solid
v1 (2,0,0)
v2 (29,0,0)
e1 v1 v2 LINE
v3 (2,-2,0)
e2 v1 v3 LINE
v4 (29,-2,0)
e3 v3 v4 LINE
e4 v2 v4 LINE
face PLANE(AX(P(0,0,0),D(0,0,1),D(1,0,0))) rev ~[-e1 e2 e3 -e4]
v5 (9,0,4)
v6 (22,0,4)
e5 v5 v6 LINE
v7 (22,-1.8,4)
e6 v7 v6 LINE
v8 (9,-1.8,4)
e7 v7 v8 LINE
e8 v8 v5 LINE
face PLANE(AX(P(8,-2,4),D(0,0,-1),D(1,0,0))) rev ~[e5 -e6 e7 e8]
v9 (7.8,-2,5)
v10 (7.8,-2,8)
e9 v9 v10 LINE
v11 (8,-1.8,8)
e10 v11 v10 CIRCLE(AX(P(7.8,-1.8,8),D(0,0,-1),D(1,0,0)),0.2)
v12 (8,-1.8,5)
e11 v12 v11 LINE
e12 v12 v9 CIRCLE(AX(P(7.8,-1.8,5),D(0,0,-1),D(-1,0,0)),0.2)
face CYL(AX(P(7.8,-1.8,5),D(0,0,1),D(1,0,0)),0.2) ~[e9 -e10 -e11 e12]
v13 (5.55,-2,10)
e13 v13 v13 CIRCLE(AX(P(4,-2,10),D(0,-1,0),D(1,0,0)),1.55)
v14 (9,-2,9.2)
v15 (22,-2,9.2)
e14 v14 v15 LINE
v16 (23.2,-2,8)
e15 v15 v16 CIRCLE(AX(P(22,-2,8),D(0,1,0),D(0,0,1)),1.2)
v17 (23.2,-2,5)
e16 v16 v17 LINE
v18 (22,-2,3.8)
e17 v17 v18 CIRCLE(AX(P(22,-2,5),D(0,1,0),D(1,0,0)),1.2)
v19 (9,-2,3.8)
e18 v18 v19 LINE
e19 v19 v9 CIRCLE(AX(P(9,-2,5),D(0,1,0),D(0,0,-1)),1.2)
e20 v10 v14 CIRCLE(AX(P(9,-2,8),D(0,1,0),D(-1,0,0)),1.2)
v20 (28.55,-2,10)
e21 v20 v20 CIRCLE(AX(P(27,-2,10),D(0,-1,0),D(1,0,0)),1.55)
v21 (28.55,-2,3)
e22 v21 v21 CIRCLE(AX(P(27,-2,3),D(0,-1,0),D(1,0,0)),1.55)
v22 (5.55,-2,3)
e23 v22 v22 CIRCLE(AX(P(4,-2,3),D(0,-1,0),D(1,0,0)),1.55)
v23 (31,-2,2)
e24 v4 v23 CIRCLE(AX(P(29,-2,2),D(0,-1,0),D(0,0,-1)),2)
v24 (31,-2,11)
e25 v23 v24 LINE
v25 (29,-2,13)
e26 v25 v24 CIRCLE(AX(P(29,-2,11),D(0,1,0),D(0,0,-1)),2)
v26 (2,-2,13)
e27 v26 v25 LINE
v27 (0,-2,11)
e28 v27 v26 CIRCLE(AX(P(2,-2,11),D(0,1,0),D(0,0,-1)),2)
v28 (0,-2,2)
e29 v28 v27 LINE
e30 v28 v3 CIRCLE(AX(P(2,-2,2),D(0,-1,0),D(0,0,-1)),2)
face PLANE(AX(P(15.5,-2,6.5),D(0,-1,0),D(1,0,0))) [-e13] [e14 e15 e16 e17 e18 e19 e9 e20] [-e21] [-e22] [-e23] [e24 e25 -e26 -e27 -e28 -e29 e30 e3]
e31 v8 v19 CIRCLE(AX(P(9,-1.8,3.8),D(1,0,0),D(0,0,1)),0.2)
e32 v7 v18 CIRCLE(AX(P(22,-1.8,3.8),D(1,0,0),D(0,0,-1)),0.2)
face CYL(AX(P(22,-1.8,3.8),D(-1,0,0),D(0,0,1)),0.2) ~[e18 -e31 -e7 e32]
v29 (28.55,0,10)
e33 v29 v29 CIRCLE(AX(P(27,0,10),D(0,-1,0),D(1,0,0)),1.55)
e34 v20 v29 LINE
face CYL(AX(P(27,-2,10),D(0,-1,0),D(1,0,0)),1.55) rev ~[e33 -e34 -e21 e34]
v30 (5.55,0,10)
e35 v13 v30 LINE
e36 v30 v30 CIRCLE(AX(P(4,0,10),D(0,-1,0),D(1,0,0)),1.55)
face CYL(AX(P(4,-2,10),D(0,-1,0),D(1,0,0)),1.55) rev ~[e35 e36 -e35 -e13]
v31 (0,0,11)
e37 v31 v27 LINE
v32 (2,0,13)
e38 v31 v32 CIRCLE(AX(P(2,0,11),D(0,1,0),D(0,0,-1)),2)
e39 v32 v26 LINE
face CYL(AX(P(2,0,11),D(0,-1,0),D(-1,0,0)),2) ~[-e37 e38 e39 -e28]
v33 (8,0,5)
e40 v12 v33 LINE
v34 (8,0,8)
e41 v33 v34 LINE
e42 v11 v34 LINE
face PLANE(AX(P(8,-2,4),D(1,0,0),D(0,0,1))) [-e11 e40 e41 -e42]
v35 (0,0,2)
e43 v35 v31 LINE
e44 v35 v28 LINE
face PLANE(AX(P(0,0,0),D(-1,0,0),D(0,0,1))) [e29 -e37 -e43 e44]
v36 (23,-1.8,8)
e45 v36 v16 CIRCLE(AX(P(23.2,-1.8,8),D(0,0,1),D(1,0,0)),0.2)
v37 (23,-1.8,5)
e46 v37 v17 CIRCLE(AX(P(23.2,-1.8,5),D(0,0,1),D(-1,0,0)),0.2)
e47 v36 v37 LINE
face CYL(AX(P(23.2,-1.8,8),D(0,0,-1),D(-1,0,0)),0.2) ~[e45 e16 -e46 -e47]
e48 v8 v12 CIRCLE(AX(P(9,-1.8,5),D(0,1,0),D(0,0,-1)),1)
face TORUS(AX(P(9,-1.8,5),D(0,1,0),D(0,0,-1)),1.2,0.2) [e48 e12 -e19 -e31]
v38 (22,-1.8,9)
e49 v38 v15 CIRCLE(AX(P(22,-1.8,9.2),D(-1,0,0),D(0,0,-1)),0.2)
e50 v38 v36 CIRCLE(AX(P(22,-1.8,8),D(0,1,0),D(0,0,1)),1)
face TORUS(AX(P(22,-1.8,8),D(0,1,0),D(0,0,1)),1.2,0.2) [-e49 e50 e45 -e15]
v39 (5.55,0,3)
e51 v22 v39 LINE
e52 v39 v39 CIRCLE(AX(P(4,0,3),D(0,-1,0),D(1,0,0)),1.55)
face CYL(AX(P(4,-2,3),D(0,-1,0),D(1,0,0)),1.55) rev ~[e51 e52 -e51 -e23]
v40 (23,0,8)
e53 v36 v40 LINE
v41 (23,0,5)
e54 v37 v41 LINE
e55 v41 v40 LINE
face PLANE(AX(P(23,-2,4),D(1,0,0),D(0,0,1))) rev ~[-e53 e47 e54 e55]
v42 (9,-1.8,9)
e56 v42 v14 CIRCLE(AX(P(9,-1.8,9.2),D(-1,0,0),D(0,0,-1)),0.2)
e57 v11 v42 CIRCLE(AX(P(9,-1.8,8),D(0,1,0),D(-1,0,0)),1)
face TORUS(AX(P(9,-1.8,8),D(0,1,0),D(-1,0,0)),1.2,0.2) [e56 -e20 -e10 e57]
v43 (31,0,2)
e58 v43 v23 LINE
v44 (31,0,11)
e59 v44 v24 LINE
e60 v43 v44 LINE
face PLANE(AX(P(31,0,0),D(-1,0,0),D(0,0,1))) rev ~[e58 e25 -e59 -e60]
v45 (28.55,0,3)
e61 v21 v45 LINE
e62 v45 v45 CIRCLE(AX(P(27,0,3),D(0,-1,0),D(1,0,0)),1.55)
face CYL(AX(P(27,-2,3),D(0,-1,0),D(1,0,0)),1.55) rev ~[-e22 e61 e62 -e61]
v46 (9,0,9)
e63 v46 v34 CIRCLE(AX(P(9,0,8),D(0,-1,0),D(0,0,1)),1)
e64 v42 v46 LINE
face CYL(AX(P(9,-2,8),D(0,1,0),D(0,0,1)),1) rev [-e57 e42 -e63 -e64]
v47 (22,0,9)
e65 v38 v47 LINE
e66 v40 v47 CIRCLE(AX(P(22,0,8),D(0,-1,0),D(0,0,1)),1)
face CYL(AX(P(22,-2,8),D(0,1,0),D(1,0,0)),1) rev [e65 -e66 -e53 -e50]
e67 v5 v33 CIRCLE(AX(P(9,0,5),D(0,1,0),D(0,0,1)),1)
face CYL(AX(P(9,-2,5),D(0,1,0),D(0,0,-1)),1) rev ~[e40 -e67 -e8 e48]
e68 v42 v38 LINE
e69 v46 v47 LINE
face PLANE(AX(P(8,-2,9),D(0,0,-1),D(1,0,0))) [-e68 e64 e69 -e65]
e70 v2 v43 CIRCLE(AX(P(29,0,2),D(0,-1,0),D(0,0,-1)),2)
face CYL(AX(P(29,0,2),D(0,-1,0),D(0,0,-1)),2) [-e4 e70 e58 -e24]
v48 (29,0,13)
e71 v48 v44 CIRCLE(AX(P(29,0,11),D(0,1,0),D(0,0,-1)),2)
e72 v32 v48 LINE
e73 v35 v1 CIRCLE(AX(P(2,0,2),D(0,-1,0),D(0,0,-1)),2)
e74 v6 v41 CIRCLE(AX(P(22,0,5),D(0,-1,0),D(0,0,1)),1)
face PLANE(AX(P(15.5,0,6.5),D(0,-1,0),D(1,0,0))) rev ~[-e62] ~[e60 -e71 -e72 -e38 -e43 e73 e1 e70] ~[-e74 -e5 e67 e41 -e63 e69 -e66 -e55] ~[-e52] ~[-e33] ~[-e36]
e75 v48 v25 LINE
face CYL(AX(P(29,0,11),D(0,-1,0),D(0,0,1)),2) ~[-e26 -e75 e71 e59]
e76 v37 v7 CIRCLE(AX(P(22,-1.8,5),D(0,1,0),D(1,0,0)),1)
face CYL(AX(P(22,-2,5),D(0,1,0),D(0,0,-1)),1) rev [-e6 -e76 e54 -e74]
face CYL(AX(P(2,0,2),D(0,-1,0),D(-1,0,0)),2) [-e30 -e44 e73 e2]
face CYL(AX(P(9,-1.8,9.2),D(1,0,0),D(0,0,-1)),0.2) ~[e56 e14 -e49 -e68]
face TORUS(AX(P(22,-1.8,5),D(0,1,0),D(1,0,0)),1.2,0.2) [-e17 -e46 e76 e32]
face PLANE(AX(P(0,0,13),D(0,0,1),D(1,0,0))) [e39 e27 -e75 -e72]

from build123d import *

# Parameters (mm, degrees)
F0_W     = 31
F0_H     = 13
F1_DEPTH = 2
F2_R     = 1.55
F3_DEPTH = 25
F4_R     = 2
F5_W     = 15
F5_H     = 5
F6_DEPTH = 25
F7_R     = 1
F8_R     = 0.2


with BuildPart() as f1:
    # F0 (on Front) → F1 (new body)
    with BuildSketch(Plane.XZ):
        with Locations((15.5, 6.5)):
            Rectangle(F0_W, F0_H)
    extrude(amount=F1_DEPTH)

    # F2 (on face) → F3 (cut)
    with BuildSketch(Plane.XZ.offset(2)):
        with Locations((4, 10)):
            Circle(F2_R)
        with Locations((4, 3)):
            Circle(F2_R)
        with Locations((27, 10)):
            Circle(F2_R)
        with Locations((27, 3)):
            Circle(F2_R)
    extrude(amount=-F3_DEPTH, mode=Mode.SUBTRACT)

    # F4
    f4_edges = [f1.edges().sort_by_distance(p)[0] for p in [
        (31, -1, 13),
        (31, -1, 0),
        (0, -1, 0),
        (0, -1, 13),
    ]]
    fillet(f4_edges, radius=F4_R)

    # F5 (on face) → F6 (cut)
    with BuildSketch(Plane.XZ.offset(2)):
        with Locations((15.5, 6.5)):
            Rectangle(F5_W, F5_H)
    extrude(amount=-F6_DEPTH, mode=Mode.SUBTRACT)

    # F7
    f7_edges = [f1.edges().sort_by_distance(p)[0] for p in [
        (8, -1, 9),
        (8, -1, 4),
        (23, -1, 9),
        (23, -1, 4),
    ]]
    fillet(f7_edges, radius=F7_R)

    # F8
    f8_edges = [f1.edges().sort_by_distance(p)[0] for p in [
        (15.5, -2, 9),
        (22.707107, -2, 8.707107),
        (23, -2, 6.5),
        (22.707107, -2, 4.292893),
        (15.5, -2, 4),
        (8.292893, -2, 4.292893),
        (8, -2, 6.5),
        (8.292893, -2, 8.707107),
    ]]
    fillet(f8_edges, radius=F8_R)


solid = f1.part
